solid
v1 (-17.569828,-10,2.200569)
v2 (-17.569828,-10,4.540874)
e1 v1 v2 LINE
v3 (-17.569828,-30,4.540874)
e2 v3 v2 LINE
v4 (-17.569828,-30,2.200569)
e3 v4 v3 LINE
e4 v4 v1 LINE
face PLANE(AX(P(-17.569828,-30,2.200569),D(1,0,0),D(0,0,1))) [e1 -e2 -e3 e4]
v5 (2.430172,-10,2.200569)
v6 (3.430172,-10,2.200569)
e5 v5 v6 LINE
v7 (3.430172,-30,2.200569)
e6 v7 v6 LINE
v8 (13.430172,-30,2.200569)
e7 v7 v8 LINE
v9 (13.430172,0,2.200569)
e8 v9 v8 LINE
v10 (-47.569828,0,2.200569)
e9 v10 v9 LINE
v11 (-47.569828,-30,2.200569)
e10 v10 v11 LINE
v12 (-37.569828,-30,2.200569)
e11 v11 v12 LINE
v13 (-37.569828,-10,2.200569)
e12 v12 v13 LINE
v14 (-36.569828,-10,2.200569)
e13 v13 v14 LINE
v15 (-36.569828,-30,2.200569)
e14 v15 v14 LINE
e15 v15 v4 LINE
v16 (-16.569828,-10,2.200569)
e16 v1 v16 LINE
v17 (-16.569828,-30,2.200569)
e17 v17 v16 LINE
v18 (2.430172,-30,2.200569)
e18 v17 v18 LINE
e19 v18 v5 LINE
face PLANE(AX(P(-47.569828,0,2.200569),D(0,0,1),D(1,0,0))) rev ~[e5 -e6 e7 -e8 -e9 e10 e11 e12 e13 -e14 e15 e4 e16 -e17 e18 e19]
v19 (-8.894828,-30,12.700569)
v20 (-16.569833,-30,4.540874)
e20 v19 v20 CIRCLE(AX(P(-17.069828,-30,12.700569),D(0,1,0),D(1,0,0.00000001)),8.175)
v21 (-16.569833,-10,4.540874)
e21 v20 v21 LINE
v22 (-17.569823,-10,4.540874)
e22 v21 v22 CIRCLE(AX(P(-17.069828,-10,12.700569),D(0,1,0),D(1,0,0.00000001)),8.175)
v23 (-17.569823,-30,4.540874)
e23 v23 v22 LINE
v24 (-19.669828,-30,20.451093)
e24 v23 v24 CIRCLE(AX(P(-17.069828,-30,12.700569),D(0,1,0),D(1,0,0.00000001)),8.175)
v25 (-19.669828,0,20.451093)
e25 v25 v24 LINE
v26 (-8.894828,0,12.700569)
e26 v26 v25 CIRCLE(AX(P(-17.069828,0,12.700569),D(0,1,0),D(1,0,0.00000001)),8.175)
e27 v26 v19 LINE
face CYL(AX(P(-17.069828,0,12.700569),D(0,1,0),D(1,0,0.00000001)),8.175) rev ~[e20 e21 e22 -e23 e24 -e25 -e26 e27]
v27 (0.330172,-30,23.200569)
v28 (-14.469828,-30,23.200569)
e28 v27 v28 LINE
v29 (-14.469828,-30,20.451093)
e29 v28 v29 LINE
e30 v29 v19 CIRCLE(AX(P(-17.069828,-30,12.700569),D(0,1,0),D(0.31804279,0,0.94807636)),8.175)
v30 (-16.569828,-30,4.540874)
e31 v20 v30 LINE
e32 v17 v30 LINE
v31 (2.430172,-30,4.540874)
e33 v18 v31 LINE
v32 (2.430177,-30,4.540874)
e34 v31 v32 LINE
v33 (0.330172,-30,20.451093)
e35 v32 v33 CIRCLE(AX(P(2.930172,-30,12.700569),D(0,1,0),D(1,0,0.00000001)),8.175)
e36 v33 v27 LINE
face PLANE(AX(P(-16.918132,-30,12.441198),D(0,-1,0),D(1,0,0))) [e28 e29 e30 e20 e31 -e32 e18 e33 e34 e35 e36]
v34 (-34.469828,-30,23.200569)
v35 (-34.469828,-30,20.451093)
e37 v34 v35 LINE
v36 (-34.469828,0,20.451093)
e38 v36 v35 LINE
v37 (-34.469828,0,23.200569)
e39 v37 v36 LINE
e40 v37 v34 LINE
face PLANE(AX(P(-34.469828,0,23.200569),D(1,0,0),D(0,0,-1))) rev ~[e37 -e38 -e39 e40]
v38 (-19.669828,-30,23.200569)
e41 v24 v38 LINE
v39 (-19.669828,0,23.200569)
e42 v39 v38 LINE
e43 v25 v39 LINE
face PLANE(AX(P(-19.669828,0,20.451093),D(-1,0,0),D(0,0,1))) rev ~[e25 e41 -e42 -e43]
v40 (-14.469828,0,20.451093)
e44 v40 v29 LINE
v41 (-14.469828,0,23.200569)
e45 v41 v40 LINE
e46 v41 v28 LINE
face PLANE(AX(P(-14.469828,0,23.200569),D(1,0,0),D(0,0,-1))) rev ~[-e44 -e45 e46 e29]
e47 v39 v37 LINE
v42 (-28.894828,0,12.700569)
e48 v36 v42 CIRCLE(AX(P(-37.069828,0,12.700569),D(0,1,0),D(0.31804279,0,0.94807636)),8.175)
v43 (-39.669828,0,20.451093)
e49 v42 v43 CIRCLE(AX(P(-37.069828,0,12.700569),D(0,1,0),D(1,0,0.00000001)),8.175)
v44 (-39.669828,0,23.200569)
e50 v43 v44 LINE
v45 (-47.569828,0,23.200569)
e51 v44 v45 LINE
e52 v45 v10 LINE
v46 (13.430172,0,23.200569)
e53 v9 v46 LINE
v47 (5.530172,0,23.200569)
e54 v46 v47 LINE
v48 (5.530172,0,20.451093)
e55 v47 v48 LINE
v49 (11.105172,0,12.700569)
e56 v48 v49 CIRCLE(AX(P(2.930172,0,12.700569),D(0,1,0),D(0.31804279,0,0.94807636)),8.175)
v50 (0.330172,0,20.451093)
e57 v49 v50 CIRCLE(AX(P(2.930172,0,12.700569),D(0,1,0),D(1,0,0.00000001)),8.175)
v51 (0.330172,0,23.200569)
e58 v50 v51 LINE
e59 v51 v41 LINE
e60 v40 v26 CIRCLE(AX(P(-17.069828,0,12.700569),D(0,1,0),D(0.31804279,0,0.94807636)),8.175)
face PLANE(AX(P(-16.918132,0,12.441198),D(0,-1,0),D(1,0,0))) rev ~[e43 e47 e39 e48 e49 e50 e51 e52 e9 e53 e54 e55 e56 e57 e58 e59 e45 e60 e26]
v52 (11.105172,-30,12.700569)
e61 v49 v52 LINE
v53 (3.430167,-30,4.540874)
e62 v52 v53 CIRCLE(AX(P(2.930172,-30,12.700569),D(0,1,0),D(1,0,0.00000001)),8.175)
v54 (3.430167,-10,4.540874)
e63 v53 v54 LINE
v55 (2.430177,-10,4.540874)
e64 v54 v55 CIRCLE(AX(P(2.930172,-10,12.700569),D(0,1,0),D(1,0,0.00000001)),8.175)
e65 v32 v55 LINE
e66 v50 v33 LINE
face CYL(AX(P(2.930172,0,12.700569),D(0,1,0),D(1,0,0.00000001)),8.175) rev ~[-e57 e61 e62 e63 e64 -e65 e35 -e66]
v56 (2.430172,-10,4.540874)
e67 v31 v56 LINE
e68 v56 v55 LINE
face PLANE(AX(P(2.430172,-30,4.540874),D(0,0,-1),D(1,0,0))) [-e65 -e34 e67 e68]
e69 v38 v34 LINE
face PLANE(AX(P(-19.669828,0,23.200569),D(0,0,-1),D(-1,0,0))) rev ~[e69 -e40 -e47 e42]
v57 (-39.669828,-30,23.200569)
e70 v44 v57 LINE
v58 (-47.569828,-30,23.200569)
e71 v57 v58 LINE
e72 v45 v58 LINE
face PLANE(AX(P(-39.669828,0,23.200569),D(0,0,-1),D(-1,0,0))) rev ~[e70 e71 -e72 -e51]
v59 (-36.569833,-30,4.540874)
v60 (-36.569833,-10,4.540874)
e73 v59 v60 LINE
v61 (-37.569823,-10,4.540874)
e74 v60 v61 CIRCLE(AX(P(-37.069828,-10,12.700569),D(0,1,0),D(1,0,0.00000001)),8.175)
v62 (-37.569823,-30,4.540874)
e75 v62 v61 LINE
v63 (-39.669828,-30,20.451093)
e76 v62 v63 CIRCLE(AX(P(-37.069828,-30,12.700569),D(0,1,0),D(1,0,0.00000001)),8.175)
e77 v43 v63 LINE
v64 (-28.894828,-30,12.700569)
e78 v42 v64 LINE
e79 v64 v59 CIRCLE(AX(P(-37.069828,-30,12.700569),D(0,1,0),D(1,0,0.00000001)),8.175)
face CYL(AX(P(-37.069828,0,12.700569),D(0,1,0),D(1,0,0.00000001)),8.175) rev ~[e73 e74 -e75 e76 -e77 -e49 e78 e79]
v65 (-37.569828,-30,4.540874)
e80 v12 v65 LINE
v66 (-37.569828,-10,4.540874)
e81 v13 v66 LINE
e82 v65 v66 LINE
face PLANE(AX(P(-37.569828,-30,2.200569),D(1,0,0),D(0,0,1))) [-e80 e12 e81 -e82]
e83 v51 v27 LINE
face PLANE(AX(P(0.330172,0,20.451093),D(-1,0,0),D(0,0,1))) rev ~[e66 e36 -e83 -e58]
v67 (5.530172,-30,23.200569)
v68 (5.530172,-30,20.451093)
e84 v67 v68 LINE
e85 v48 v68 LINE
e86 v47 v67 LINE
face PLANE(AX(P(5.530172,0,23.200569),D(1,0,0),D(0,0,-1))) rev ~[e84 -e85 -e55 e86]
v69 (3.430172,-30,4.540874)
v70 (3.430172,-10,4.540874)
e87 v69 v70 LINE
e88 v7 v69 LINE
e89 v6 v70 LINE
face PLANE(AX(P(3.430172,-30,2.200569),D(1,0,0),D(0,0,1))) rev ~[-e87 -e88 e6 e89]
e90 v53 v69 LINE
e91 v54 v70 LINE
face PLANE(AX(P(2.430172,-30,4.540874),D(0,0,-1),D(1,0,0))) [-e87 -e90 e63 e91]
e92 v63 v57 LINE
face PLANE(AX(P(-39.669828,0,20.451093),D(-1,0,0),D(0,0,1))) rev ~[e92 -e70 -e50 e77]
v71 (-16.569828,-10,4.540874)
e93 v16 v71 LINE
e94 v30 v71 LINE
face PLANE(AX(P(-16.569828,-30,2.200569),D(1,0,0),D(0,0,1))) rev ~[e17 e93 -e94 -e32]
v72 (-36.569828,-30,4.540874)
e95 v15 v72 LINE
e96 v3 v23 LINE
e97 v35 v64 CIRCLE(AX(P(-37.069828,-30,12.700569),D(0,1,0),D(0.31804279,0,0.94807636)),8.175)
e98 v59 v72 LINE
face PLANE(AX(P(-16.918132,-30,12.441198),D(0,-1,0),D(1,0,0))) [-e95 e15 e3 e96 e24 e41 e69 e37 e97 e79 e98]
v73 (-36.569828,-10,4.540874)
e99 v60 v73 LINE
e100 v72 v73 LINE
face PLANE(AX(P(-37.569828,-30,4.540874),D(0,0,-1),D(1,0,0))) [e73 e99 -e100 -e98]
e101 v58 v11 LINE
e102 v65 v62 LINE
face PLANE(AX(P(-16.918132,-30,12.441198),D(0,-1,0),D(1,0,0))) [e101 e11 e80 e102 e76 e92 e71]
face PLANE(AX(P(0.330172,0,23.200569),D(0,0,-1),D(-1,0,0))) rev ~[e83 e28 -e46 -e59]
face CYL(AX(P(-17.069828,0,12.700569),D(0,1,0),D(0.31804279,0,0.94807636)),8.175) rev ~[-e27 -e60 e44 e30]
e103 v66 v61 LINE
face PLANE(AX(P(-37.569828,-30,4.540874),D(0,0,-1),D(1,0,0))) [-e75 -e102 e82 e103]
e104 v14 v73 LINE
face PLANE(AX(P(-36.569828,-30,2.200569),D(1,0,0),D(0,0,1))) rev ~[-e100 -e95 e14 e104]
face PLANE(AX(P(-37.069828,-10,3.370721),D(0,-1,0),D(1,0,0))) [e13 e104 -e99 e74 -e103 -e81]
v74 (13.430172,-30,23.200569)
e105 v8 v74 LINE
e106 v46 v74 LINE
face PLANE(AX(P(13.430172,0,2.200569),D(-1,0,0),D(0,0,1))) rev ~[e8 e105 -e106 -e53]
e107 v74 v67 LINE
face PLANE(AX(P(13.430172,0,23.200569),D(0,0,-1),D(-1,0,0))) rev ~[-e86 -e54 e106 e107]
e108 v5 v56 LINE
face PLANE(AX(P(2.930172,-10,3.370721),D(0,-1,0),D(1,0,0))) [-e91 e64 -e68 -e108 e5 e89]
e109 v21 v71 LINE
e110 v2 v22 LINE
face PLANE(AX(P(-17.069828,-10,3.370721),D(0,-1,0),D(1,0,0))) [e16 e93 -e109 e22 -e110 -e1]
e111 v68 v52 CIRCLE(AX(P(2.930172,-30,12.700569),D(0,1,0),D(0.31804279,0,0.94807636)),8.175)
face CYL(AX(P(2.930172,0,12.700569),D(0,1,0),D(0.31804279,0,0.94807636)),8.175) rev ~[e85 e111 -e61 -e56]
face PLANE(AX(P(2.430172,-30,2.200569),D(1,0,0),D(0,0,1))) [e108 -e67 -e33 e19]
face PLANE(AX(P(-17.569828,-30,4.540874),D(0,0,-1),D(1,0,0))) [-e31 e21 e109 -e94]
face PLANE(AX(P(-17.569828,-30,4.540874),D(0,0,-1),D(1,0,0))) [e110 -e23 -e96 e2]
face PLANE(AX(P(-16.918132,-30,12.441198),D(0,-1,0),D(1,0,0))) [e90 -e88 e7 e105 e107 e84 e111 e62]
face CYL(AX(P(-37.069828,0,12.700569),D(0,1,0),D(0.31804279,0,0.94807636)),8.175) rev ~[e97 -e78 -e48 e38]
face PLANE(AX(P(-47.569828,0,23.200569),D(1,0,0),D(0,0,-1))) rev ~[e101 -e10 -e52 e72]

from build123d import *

# Parameters (mm, degrees)
F1_DEPTH = 30
F3_W     = 1
F3_H     = 2.340305
F4_DEPTH = 20


with BuildPart() as f1:
    # F0 (on Front) → F1 (new body)
    with BuildSketch(Plane.XZ):
        with BuildLine():
            Line((-39.669828, 23.200569), (-47.569828, 23.200569))
            Line((-47.569828, 23.200569), (-47.569828, 2.200569))
            Line((-47.569828, 2.200569), (13.430172, 2.200569))
            Line((13.430172, 2.200569), (13.430172, 23.200569))
            Line((13.430172, 23.200569), (5.530172, 23.200569))
            Line((5.530172, 23.200569), (5.530172, 20.451093))
            ThreePointArc((5.530172, 20.451093), (9.566648, 17.474227), (11.105172, 12.700569))
            ThreePointArc((11.105172, 12.700569), (-1.843486, 6.064093), (0.330172, 20.451093))
            Line((0.330172, 20.451093), (0.330172, 23.200569))
            Line((0.330172, 23.200569), (-14.469828, 23.200569))
            Line((-14.469828, 23.200569), (-14.469828, 20.451093))
            ThreePointArc((-14.469828, 20.451093), (-10.433352, 17.474227), (-8.894828, 12.700569))
            ThreePointArc((-8.894828, 12.700569), (-21.843486, 6.064093), (-19.669828, 20.451093))
            Line((-19.669828, 20.451093), (-19.669828, 23.200569))
            Line((-19.669828, 23.200569), (-34.469828, 23.200569))
            Line((-34.469828, 23.200569), (-34.469828, 20.451093))
            ThreePointArc((-34.469828, 20.451093), (-30.433352, 17.474227), (-28.894828, 12.700569))
            ThreePointArc((-28.894828, 12.700569), (-41.843486, 6.064093), (-39.669828, 20.451093))
            Line((-39.669828, 20.451093), (-39.669828, 23.200569))
        make_face()
    extrude(amount=F1_DEPTH)

    # F3 (on face) → F4 (cut)
    with BuildSketch(Plane.XZ.offset(30)):
        with Locations((-37.069828, 3.370721)):
            Rectangle(F3_W, F3_H)
        with Locations((-17.069828, 3.370721)):
            Rectangle(F3_W, F3_H)
        with Locations((2.930172, 3.370721)):
            Rectangle(F3_W, F3_H)
    extrude(amount=-F4_DEPTH, mode=Mode.SUBTRACT)


solid = f1.part
